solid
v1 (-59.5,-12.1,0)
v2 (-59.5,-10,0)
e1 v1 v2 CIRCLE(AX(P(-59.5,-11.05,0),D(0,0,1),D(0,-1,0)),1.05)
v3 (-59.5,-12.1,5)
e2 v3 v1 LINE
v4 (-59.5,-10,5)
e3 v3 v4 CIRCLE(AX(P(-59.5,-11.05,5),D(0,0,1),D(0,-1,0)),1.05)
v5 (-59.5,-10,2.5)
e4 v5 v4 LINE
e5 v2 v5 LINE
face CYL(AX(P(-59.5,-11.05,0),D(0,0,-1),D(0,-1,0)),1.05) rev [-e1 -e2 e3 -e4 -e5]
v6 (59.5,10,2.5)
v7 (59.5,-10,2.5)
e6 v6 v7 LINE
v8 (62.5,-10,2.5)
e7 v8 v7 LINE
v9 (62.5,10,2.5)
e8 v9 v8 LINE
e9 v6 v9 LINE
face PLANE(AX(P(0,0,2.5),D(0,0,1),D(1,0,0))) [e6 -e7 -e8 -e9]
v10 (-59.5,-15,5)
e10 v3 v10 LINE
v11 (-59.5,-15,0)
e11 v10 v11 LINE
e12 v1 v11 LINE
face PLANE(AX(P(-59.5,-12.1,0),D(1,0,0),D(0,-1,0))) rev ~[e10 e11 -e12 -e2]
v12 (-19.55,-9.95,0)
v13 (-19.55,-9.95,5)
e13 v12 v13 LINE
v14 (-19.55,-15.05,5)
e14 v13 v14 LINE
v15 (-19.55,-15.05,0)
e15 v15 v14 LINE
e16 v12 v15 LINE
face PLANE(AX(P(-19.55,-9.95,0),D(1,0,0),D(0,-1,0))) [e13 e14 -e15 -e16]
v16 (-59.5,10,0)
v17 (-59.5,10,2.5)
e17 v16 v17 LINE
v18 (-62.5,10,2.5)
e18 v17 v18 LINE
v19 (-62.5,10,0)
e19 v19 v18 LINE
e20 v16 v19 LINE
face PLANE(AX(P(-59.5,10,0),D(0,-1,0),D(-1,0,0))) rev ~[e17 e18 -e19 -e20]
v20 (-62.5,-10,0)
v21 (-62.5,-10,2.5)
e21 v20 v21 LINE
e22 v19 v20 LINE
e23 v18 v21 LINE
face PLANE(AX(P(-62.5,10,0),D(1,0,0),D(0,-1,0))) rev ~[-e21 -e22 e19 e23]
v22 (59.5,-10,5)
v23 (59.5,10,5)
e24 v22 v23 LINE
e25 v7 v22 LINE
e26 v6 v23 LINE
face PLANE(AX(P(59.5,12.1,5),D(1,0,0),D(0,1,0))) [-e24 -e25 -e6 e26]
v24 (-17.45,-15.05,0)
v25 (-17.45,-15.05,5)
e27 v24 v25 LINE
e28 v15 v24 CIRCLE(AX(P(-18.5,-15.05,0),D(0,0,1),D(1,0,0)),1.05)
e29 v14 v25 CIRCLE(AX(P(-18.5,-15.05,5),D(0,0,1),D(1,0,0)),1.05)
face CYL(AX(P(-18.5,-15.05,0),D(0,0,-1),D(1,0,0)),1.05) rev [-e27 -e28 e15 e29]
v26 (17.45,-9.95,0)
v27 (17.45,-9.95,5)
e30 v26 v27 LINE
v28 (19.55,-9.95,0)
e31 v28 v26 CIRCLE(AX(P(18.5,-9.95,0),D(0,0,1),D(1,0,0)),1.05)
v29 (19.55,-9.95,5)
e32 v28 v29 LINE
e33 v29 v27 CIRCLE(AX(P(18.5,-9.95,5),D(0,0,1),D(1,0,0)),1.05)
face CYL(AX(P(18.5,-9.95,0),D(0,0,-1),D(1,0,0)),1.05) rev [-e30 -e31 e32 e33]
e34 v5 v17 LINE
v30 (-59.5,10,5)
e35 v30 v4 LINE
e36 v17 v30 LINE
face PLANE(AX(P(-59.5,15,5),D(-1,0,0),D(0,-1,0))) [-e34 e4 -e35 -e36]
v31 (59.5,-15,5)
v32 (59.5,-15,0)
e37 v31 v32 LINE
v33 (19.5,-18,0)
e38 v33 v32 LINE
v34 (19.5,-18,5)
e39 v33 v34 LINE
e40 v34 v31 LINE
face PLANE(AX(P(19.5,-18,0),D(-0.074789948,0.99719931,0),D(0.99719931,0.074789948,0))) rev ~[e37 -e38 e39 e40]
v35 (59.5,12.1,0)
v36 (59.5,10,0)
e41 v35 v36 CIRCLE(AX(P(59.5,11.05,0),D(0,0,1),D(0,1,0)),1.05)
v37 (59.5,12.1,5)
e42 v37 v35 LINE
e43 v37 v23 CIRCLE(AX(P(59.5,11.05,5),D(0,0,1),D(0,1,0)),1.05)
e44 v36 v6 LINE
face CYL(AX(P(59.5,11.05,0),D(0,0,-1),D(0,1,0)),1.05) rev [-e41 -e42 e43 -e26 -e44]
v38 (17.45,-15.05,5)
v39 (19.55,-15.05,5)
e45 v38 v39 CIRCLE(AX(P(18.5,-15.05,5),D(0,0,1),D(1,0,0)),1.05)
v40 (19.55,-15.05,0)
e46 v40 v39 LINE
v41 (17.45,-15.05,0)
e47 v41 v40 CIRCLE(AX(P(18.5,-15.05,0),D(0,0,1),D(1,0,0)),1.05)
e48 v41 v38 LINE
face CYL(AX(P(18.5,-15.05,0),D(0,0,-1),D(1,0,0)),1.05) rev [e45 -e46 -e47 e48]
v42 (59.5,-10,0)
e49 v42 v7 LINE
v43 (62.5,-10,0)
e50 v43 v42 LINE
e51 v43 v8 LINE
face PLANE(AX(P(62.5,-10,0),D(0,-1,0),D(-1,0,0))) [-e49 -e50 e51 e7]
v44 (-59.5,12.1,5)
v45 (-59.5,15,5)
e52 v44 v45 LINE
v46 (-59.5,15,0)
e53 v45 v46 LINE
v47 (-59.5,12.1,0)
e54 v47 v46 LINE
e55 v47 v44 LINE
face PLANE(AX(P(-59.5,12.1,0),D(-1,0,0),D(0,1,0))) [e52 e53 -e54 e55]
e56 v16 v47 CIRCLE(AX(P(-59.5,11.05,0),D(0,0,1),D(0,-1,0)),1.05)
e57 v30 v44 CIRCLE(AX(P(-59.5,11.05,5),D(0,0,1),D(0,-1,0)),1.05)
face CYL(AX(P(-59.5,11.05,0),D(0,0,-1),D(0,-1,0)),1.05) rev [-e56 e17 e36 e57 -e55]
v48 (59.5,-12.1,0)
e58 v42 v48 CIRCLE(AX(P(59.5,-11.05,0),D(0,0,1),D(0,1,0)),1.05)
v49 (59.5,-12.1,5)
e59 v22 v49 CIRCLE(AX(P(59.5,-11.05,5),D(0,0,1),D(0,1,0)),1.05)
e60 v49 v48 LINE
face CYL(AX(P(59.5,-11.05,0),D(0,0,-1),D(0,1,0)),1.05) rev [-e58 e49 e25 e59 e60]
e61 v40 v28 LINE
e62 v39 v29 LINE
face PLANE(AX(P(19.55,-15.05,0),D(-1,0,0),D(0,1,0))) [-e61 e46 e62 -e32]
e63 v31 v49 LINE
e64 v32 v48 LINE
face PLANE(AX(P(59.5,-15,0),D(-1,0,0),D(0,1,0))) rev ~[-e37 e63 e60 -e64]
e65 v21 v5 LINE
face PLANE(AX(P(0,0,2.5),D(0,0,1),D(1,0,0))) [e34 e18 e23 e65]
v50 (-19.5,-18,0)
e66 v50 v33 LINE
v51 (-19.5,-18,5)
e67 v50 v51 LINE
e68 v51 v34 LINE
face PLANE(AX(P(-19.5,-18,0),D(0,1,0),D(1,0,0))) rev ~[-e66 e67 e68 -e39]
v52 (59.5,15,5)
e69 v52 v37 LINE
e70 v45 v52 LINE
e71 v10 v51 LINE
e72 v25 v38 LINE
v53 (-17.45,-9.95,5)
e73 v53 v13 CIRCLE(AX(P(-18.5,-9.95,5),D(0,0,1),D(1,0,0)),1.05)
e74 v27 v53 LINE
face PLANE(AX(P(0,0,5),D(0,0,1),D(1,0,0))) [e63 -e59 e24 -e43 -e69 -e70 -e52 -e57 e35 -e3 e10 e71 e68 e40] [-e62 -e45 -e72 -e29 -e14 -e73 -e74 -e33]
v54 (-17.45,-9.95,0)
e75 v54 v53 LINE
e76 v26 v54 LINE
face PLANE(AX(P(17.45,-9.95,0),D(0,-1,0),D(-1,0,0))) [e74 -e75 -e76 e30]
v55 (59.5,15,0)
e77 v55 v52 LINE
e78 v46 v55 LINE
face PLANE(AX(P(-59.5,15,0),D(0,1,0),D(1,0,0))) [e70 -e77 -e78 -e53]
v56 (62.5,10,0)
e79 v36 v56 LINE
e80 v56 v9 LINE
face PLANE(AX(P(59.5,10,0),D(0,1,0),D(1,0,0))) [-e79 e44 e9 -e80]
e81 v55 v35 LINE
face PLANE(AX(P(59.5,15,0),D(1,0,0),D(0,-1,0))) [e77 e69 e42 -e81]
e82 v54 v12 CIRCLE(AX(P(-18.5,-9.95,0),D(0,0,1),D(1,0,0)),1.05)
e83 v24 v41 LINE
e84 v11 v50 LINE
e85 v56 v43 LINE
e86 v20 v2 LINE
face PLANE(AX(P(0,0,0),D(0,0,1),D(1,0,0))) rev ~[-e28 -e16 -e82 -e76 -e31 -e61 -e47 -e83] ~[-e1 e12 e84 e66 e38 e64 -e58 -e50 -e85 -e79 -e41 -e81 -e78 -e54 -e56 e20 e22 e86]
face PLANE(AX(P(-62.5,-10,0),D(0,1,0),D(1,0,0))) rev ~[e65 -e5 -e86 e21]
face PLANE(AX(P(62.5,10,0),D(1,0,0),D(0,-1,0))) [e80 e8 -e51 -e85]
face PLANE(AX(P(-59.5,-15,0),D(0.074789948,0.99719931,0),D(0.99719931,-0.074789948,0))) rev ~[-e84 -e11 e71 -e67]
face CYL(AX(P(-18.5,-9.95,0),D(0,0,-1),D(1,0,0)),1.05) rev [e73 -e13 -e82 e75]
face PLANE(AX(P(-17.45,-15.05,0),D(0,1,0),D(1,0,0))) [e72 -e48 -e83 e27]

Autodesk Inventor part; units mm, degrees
ref_plane "YZ Plane" through (0, 0, 0) normal (1, 0, 0) x (0, 1, 0)
ref_plane "XZ Plane" through (0, 0, 0) normal (0, 1, 0) x (-1, 0, 0)
ref_plane "XY Plane" through (0, 0, 0) normal (0, 0, 1) x (1, 0, 0)
sketch "スケッチ1" plane through (0, 0, 0) normal (0, 0, 1) x (1, 0, 0)
  line L0 (-59.5, -15) -> (59.5, -15) construction
  line L1 (59.5, -15) -> (59.5, 15) construction
  line L2 (59.5, 15) -> (-59.5, 15) construction
  line L3 (-59.5, 15) -> (-59.5, -15) construction
  line L4 (-59.5, -15) -> (59.5, 15) construction
  line L5 (59.5, -15) -> (-59.5, 15) construction
  line L6 (-59.5, 12.1) -> (-59.5, 15)
  line L7 (-59.5, 15) -> (59.5, 15)
  line L8 (59.5, 15) -> (59.5, 12.1)
  line L9 (-59.5, -12.1) -> (-59.5, -15)
  line L10 (59.5, -15) -> (59.5, -12.1)
  line L11 (-59.5, 10) -> (-62.5, 10)
  line L12 (-62.5, 10) -> (-62.5, -10)
  line L13 (-62.5, -10) -> (-59.5, -10)
  arc A0 (-59.5, 10) -> (-59.5, 12.1) centre (-59.5, 11.05) ccw
  line L14 (0, 0) -> (0, 15) construction
  line L15 (0, 0) -> (-59.5, 0) construction
  arc A1 (-59.5, -12.1) -> (-59.5, -10) centre (-59.5, -11.05) ccw
  line L16 (59.5, 10) -> (62.5, 10)
  line L17 (62.5, 10) -> (62.5, -10)
  line L18 (62.5, -10) -> (59.5, -10)
  arc A2 (59.5, 12.1) -> (59.5, 10) centre (59.5, 11.05) ccw
  arc A3 (59.5, -10) -> (59.5, -12.1) centre (59.5, -11.05) ccw
  line L19 (-59.5, -15) -> (-19.5, -18)
  line L20 (-19.5, -18) -> (19.5, -18)
  line L21 (19.5, -18) -> (59.5, -15)
  line L22 (-19.5, -10) -> (19.5, -10) construction
  line L23 (19.5, -10) -> (19.5, -15) construction
  line L24 (19.5, -15) -> (-19.5, -15) construction
  line L25 (-19.5, -15) -> (-19.5, -10) construction
  line L26 (19.55, -9.95) -> (-19.55, -9.95)
  line L27 (-19.55, -9.95) -> (-19.55, -15.05)
  line L28 (-19.55, -15.05) -> (19.55, -15.05)
  line L29 (19.55, -15.05) -> (19.55, -9.95)
  circle A4 centre (-18.5, -9.95) radius 1.05
  circle A5 centre (-18.5, -15.05) radius 1.05
  circle A6 centre (18.5, -9.95) radius 1.05
  circle A7 centre (18.5, -15.05) radius 1.05
  dimension "d9" = 2.1
  dimension "d0" = 119
  dimension "d1" = 30
  dimension "d2" = 1.05
  dimension "d3" = 20
  dimension "d4" = 3
  dimension "d5" = 5
  dimension "d6" = 0.05
  dimension "d7" = 39
  dimension "d8" = 3
extrude "押し出し1" add sketch "スケッチ1" along normal blind 5
sketch "スケッチ2" plane through (0, 0, 5) normal (0, 0, 1) x (1, 0, 0)
  line L0 (59.5, 12.1) -> (59.5, 15) projected
  line L1 (-59.5, 15) -> (-59.5, 12.1) projected
  line L2 (65.6261, 13.972) -> (59.5, 13.972)
  line L3 (59.5, 13.972) -> (59.5, -16.1)
  line L4 (59.5, -16.1) -> (65.6261, -16.1)
  line L5 (65.6261, -16.1) -> (65.6261, 13.972)
  line L6 (-65.8886, -16.1) -> (-59.5, -16.1)
  line L7 (-59.5, -16.1) -> (-59.5, 18.3327)
  line L8 (-59.5, 18.3327) -> (-65.8886, 18.3327)
  line L9 (-65.8886, 18.3327) -> (-65.8886, -16.1)
  point P0 (0, 0)
extrude "押し出し2" cut sketch "スケッチ2" against normal blind 2.5
properties part number "コックピット_サブフレーム_1_6" material "アセタール樹脂、黒"
